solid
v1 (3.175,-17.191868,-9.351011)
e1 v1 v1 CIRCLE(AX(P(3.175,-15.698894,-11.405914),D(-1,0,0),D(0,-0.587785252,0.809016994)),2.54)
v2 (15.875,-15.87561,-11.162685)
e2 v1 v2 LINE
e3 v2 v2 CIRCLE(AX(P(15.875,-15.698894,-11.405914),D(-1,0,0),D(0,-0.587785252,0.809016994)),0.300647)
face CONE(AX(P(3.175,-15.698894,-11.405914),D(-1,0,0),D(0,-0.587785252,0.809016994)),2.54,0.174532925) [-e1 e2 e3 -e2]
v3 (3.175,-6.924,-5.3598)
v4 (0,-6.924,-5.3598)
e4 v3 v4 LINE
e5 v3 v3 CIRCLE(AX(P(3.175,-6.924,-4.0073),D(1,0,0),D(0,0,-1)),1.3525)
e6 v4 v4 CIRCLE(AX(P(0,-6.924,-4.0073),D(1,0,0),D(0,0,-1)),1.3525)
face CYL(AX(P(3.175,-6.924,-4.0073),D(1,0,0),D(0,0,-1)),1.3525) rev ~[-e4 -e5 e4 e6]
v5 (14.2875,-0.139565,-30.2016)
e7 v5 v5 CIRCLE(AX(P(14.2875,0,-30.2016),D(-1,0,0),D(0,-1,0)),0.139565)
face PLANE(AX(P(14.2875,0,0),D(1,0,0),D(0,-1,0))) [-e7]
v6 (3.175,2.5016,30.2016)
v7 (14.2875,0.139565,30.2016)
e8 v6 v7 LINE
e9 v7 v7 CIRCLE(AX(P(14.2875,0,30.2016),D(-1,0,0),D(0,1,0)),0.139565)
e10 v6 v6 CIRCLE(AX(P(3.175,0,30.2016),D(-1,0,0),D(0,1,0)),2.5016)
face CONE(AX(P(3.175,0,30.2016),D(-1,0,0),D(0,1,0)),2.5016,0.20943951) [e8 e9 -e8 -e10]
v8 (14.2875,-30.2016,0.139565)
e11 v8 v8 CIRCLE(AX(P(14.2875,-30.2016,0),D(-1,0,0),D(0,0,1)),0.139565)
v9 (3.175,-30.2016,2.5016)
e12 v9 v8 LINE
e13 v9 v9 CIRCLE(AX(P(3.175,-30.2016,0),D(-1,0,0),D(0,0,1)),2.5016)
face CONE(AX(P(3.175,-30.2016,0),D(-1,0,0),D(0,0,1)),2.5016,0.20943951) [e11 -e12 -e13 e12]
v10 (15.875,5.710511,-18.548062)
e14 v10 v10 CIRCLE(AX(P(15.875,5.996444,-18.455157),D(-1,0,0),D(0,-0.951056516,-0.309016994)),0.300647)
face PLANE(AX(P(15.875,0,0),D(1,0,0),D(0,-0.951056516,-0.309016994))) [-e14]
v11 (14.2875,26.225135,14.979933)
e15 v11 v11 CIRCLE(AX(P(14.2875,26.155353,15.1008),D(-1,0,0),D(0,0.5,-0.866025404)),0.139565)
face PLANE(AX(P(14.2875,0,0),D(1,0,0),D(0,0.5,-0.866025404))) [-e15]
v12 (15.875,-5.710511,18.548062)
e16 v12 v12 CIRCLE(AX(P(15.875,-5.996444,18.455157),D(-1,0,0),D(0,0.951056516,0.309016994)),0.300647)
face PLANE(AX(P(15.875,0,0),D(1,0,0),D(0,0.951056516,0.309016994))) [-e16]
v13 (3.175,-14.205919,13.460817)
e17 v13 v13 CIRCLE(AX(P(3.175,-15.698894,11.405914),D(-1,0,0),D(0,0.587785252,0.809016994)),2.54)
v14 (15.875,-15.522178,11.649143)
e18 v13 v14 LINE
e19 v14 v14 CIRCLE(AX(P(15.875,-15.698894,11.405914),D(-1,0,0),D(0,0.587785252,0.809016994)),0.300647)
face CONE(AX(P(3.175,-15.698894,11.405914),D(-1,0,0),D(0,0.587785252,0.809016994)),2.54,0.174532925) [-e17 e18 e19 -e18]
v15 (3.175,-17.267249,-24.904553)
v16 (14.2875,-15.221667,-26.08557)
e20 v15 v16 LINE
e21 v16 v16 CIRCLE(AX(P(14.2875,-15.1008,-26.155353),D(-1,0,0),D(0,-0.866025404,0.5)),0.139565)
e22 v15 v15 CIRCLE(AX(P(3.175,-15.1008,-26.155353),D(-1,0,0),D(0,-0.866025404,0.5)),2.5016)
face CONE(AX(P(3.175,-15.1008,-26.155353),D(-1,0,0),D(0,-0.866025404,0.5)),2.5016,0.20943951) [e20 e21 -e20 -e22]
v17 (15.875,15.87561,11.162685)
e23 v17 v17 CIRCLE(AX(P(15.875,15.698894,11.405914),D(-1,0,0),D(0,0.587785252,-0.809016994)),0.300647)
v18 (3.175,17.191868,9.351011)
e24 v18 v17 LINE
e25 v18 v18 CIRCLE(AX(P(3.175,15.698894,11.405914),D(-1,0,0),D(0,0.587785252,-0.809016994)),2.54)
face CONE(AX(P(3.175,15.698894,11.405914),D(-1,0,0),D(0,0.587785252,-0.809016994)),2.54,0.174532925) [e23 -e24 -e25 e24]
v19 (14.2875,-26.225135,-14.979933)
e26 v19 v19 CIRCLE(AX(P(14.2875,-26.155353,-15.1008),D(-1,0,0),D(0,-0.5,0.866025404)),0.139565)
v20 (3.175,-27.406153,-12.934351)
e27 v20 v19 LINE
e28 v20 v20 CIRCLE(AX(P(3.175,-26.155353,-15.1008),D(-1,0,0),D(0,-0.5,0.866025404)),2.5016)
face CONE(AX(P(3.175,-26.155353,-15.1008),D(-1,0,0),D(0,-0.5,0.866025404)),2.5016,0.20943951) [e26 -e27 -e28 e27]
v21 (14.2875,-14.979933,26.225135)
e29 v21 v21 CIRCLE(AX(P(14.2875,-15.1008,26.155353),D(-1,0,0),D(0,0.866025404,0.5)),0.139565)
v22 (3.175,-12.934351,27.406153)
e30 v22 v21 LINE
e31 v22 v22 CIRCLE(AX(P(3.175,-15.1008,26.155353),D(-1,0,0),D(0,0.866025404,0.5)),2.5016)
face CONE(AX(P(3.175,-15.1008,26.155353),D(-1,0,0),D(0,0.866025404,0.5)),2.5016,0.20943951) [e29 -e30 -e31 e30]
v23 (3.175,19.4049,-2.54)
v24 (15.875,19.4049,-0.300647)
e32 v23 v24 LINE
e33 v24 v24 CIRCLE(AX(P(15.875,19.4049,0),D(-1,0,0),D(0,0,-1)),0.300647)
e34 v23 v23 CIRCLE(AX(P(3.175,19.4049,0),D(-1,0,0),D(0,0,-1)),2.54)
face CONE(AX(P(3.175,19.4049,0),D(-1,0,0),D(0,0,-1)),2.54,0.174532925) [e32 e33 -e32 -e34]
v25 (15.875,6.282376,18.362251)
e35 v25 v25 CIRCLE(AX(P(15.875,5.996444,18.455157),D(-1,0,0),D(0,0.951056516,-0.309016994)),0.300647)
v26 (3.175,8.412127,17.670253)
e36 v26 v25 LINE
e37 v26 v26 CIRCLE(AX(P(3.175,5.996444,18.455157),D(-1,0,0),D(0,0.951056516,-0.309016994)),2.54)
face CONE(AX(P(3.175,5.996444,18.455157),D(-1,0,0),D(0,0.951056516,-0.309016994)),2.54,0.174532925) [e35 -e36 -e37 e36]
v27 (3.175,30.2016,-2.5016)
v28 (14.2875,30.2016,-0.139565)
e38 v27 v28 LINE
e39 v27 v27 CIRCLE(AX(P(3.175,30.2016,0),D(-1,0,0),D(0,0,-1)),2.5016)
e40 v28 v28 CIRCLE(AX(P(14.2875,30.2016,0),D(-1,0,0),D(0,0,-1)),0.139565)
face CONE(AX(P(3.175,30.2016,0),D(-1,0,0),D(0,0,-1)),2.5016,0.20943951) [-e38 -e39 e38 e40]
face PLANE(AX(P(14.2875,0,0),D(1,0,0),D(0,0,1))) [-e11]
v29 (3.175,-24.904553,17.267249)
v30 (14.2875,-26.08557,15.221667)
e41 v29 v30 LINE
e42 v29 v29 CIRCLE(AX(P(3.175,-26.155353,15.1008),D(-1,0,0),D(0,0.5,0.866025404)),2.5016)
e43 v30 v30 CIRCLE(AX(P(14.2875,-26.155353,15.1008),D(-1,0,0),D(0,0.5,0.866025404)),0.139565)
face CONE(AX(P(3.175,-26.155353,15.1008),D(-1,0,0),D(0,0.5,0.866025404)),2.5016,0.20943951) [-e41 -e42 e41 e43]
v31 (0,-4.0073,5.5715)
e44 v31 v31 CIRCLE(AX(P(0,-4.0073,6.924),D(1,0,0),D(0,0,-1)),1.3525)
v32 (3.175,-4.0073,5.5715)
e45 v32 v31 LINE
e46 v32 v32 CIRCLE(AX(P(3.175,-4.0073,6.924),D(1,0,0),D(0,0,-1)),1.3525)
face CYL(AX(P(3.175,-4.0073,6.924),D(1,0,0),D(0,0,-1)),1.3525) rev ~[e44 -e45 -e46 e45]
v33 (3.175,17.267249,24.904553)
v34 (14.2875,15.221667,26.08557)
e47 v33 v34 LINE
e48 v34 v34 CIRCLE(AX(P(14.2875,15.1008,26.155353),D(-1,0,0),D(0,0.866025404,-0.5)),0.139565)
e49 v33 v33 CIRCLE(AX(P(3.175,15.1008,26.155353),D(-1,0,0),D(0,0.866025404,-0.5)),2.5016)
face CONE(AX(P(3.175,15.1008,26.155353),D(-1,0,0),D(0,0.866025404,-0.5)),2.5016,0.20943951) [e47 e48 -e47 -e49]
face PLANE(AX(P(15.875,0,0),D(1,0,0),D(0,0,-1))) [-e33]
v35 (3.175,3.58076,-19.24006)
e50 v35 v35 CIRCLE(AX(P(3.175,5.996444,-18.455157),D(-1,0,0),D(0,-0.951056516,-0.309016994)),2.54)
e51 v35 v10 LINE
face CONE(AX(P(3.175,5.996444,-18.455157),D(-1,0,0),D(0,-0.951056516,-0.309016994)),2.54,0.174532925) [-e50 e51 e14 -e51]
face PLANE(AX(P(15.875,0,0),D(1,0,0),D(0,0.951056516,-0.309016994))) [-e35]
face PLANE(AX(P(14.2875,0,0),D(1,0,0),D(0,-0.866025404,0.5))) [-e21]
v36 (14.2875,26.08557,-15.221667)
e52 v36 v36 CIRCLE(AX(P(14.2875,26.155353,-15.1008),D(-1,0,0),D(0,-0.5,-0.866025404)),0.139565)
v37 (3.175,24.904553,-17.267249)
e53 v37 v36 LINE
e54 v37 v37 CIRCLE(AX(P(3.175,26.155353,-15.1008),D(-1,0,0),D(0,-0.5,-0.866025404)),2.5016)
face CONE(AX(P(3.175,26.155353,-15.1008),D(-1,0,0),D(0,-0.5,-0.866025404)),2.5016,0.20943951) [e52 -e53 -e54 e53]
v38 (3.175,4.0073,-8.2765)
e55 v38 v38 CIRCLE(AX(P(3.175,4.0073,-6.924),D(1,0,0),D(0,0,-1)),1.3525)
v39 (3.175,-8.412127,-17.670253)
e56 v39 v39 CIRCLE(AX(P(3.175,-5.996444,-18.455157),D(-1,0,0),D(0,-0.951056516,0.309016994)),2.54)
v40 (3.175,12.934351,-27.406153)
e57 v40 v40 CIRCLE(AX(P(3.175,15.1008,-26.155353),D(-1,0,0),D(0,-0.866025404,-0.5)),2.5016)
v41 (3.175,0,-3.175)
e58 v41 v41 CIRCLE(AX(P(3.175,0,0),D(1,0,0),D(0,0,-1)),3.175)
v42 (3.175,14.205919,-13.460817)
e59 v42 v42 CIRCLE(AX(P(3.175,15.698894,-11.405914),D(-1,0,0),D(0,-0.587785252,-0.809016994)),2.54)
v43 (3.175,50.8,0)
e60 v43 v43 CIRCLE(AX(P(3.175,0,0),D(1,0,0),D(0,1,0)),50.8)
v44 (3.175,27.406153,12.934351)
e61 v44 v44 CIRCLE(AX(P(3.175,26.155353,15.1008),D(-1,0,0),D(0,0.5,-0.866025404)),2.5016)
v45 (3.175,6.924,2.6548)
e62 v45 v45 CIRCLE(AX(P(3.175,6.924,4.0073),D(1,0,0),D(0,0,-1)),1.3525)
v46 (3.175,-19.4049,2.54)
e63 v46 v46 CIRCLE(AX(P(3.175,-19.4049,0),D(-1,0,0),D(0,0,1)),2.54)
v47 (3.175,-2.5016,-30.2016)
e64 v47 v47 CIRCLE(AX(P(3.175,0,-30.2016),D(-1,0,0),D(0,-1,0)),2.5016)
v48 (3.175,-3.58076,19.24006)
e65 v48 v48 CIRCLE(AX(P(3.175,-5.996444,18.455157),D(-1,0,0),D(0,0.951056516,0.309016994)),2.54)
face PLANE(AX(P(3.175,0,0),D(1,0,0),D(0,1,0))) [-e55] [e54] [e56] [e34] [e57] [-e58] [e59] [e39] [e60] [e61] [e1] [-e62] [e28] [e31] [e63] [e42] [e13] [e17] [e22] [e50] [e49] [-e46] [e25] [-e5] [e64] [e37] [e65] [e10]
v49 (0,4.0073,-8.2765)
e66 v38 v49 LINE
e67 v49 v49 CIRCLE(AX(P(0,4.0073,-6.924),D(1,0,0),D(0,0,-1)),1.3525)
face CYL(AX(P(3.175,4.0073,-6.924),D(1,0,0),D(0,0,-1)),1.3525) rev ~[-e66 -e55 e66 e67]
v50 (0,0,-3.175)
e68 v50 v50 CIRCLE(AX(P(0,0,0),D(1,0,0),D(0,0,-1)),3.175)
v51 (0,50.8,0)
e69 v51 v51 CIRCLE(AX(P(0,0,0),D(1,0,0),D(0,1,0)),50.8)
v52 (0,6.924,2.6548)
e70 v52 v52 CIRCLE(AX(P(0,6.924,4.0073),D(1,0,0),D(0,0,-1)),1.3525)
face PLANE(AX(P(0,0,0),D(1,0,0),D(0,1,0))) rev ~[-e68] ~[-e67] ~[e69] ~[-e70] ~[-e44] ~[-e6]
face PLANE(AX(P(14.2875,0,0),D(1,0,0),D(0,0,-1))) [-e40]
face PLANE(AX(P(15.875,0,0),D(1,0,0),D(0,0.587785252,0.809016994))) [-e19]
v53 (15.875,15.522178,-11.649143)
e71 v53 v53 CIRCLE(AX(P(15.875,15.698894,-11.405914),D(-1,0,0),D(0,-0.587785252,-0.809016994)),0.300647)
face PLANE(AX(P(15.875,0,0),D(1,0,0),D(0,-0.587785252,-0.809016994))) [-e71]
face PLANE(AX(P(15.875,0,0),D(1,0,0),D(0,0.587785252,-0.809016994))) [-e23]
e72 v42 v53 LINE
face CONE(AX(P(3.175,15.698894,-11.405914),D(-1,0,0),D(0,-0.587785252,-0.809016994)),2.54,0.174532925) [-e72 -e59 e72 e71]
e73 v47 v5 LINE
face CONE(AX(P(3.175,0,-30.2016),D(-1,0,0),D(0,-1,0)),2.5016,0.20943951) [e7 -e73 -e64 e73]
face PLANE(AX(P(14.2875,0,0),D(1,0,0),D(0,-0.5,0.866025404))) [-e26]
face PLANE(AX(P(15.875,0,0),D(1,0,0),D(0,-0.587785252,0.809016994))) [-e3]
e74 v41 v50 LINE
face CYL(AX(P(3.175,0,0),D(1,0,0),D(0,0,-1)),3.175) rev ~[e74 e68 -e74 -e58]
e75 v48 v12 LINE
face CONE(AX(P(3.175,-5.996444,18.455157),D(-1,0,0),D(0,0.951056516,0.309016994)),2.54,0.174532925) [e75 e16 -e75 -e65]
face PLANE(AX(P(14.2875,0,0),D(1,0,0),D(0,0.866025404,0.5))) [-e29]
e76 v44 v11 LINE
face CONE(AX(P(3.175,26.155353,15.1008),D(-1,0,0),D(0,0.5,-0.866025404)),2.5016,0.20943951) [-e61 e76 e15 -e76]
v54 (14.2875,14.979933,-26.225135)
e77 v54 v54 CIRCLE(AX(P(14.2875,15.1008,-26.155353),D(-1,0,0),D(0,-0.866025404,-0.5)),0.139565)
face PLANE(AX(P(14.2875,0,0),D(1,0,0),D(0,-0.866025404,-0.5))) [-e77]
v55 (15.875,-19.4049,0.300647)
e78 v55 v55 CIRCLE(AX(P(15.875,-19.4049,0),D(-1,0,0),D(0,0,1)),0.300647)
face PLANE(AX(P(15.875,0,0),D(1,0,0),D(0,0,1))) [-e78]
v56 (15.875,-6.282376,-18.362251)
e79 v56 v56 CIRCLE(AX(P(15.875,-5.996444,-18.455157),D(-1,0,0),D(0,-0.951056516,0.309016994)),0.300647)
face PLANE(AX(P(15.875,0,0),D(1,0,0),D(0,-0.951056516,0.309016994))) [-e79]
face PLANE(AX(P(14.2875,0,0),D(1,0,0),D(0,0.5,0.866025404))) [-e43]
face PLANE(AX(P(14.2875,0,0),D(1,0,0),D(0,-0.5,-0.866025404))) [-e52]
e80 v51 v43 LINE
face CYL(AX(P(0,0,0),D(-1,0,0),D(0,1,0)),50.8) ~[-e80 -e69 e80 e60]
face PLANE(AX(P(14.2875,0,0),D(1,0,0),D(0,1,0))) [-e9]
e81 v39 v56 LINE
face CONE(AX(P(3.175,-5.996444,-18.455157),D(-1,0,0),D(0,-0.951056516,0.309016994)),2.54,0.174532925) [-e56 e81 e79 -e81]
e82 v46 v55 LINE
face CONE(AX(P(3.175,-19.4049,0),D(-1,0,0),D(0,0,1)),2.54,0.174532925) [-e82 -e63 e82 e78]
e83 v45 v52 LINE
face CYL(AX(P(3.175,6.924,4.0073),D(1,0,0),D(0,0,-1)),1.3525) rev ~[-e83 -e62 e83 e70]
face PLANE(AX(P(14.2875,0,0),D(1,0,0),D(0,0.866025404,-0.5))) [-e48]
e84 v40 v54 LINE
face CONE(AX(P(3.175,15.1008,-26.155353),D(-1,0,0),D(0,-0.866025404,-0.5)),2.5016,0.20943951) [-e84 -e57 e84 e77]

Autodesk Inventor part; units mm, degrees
ref_plane "YZ Plane" through (0, 0, 0) normal (1, 0, 0) x (0, 1, 0)
ref_plane "XZ Plane" through (0, 0, 0) normal (0, 1, 0) x (-1, 0, 0)
ref_plane "XY Plane" through (0, 0, 0) normal (0, 0, 1) x (1, 0, 0)
sketch "Sketch1" plane through (0, 0, 0) normal (1, 0, 0) x (0, 1, 0)
  circle A0 centre (0, 0) radius 50.8
  dimension "d0" = 101.6
extrude "Extrusion1" add sketch "Sketch1" along normal blind 3.175
sketch "Sketch2" plane through (3.175, 0, 0) normal (1, 0, 0) x (0, 0, -1)
  circle A0 centre (0, 19.4049) radius 2.54
  point P0 (0, 0)
  dimension "d3" = 5.08
extrude "Extrusion2" add sketch "Sketch2" along normal blind 12.7 draft -10
pattern_circular "Circular Pattern1" count 10 over 360 about axis through (0, 0, 0) along (1, 0, 0) of "Extrusion2"
sketch "Sketch3" plane through (3.175, 0, 0) normal (1, 0, 0) x (0, 0, -1)
  line L0 (6.7407, 0) -> (8.0059, 2.1913)
  line L1 (8.0059, 2.1913) -> (10.5361, 2.1913)
  line L2 (10.5361, 2.1913) -> (11.8012, 0)
  line L3 (11.8012, 0) -> (10.5361, -2.1913)
  line L4 (10.5361, -2.1913) -> (8.0059, -2.1913)
  line L5 (8.0059, -2.1913) -> (6.7407, 0)
  point P0 (0, 0)
  point P1 (9.271, 0)
extrude "Extrusion3" [suppressed]
pattern_circular "Circular Pattern2" [suppressed]
sketch "Sketch4" plane through (3.175, 0, 0) normal (1, 0, 0) x (0, 0, -1)
  line L0 (-5.461, 3.1529) -> (0, 6.3058)
  line L1 (0, 6.3058) -> (5.461, 3.1529)
  line L2 (5.461, 3.1529) -> (5.461, -3.1529)
  line L3 (5.461, -3.1529) -> (0, -6.3058)
  line L4 (0, -6.3058) -> (-5.461, -3.1529)
  line L5 (-5.461, -3.1529) -> (-5.461, 3.1529)
  line L6 (-7.0782, -4.0866) -> (0, -8.1732)
  line L7 (0, -8.1732) -> (7.0782, -4.0866)
  line L8 (7.0782, -4.0866) -> (7.0782, 4.0866)
  line L9 (7.0782, 4.0866) -> (0, 8.1732)
  line L10 (0, 8.1732) -> (-7.0782, 4.0866)
  line L11 (-7.0782, 4.0866) -> (-7.0782, -4.0866)
  point P0 (0, 0)
  point P1 (0, 0)
  dimension "d14" = 10.922
extrude "Extrusion4" [suppressed]
sketch "Sketch5" plane through (3.175, 0, 0) normal (1, 0, 0) x (0, 0, -1)
  circle A0 centre (0, 0) radius 3.175
  dimension "d17" = 6.35
extrude "Extrusion5" cut sketch "Sketch5" against normal through all
sketch "Sketch6" plane through (3.175, 0, 0) normal (1, 0, 0) x (0, 0, -1)
  circle A0 centre (0, 0) radius 11 projected
  circle A1 centre (0, 0) radius 3.05 projected
  circle A2 centre (-4.0073, 6.924) radius 1.3525 projected
  circle A3 centre (6.924, 4.0073) radius 1.3525 projected
  circle A4 centre (4.0073, -6.924) radius 1.3525 projected
  circle A5 centre (-6.924, -4.0073) radius 1.3525 projected
  point P0 (0, 0)
extrude "Extrusion6" cut sketch "Sketch6" against normal through all contours A2 | A3 | A4 | A5
sketch "Sketch7" plane through (3.175, 0, 0) normal (1, 0, 0) x (0, 0, -1)
  circle A0 centre (0, 30.2016) radius 2.5016
  point P0 (0, 0)
extrude "Extrusion7" add sketch "Sketch7" along normal blind 11.1125 draft -12
pattern_circular "Circular Pattern3" count 12 over 360 about axis through (3.175, 0, 0) along (-1, 0, 0) of "Extrusion7"
properties part number "foam gripper2"
